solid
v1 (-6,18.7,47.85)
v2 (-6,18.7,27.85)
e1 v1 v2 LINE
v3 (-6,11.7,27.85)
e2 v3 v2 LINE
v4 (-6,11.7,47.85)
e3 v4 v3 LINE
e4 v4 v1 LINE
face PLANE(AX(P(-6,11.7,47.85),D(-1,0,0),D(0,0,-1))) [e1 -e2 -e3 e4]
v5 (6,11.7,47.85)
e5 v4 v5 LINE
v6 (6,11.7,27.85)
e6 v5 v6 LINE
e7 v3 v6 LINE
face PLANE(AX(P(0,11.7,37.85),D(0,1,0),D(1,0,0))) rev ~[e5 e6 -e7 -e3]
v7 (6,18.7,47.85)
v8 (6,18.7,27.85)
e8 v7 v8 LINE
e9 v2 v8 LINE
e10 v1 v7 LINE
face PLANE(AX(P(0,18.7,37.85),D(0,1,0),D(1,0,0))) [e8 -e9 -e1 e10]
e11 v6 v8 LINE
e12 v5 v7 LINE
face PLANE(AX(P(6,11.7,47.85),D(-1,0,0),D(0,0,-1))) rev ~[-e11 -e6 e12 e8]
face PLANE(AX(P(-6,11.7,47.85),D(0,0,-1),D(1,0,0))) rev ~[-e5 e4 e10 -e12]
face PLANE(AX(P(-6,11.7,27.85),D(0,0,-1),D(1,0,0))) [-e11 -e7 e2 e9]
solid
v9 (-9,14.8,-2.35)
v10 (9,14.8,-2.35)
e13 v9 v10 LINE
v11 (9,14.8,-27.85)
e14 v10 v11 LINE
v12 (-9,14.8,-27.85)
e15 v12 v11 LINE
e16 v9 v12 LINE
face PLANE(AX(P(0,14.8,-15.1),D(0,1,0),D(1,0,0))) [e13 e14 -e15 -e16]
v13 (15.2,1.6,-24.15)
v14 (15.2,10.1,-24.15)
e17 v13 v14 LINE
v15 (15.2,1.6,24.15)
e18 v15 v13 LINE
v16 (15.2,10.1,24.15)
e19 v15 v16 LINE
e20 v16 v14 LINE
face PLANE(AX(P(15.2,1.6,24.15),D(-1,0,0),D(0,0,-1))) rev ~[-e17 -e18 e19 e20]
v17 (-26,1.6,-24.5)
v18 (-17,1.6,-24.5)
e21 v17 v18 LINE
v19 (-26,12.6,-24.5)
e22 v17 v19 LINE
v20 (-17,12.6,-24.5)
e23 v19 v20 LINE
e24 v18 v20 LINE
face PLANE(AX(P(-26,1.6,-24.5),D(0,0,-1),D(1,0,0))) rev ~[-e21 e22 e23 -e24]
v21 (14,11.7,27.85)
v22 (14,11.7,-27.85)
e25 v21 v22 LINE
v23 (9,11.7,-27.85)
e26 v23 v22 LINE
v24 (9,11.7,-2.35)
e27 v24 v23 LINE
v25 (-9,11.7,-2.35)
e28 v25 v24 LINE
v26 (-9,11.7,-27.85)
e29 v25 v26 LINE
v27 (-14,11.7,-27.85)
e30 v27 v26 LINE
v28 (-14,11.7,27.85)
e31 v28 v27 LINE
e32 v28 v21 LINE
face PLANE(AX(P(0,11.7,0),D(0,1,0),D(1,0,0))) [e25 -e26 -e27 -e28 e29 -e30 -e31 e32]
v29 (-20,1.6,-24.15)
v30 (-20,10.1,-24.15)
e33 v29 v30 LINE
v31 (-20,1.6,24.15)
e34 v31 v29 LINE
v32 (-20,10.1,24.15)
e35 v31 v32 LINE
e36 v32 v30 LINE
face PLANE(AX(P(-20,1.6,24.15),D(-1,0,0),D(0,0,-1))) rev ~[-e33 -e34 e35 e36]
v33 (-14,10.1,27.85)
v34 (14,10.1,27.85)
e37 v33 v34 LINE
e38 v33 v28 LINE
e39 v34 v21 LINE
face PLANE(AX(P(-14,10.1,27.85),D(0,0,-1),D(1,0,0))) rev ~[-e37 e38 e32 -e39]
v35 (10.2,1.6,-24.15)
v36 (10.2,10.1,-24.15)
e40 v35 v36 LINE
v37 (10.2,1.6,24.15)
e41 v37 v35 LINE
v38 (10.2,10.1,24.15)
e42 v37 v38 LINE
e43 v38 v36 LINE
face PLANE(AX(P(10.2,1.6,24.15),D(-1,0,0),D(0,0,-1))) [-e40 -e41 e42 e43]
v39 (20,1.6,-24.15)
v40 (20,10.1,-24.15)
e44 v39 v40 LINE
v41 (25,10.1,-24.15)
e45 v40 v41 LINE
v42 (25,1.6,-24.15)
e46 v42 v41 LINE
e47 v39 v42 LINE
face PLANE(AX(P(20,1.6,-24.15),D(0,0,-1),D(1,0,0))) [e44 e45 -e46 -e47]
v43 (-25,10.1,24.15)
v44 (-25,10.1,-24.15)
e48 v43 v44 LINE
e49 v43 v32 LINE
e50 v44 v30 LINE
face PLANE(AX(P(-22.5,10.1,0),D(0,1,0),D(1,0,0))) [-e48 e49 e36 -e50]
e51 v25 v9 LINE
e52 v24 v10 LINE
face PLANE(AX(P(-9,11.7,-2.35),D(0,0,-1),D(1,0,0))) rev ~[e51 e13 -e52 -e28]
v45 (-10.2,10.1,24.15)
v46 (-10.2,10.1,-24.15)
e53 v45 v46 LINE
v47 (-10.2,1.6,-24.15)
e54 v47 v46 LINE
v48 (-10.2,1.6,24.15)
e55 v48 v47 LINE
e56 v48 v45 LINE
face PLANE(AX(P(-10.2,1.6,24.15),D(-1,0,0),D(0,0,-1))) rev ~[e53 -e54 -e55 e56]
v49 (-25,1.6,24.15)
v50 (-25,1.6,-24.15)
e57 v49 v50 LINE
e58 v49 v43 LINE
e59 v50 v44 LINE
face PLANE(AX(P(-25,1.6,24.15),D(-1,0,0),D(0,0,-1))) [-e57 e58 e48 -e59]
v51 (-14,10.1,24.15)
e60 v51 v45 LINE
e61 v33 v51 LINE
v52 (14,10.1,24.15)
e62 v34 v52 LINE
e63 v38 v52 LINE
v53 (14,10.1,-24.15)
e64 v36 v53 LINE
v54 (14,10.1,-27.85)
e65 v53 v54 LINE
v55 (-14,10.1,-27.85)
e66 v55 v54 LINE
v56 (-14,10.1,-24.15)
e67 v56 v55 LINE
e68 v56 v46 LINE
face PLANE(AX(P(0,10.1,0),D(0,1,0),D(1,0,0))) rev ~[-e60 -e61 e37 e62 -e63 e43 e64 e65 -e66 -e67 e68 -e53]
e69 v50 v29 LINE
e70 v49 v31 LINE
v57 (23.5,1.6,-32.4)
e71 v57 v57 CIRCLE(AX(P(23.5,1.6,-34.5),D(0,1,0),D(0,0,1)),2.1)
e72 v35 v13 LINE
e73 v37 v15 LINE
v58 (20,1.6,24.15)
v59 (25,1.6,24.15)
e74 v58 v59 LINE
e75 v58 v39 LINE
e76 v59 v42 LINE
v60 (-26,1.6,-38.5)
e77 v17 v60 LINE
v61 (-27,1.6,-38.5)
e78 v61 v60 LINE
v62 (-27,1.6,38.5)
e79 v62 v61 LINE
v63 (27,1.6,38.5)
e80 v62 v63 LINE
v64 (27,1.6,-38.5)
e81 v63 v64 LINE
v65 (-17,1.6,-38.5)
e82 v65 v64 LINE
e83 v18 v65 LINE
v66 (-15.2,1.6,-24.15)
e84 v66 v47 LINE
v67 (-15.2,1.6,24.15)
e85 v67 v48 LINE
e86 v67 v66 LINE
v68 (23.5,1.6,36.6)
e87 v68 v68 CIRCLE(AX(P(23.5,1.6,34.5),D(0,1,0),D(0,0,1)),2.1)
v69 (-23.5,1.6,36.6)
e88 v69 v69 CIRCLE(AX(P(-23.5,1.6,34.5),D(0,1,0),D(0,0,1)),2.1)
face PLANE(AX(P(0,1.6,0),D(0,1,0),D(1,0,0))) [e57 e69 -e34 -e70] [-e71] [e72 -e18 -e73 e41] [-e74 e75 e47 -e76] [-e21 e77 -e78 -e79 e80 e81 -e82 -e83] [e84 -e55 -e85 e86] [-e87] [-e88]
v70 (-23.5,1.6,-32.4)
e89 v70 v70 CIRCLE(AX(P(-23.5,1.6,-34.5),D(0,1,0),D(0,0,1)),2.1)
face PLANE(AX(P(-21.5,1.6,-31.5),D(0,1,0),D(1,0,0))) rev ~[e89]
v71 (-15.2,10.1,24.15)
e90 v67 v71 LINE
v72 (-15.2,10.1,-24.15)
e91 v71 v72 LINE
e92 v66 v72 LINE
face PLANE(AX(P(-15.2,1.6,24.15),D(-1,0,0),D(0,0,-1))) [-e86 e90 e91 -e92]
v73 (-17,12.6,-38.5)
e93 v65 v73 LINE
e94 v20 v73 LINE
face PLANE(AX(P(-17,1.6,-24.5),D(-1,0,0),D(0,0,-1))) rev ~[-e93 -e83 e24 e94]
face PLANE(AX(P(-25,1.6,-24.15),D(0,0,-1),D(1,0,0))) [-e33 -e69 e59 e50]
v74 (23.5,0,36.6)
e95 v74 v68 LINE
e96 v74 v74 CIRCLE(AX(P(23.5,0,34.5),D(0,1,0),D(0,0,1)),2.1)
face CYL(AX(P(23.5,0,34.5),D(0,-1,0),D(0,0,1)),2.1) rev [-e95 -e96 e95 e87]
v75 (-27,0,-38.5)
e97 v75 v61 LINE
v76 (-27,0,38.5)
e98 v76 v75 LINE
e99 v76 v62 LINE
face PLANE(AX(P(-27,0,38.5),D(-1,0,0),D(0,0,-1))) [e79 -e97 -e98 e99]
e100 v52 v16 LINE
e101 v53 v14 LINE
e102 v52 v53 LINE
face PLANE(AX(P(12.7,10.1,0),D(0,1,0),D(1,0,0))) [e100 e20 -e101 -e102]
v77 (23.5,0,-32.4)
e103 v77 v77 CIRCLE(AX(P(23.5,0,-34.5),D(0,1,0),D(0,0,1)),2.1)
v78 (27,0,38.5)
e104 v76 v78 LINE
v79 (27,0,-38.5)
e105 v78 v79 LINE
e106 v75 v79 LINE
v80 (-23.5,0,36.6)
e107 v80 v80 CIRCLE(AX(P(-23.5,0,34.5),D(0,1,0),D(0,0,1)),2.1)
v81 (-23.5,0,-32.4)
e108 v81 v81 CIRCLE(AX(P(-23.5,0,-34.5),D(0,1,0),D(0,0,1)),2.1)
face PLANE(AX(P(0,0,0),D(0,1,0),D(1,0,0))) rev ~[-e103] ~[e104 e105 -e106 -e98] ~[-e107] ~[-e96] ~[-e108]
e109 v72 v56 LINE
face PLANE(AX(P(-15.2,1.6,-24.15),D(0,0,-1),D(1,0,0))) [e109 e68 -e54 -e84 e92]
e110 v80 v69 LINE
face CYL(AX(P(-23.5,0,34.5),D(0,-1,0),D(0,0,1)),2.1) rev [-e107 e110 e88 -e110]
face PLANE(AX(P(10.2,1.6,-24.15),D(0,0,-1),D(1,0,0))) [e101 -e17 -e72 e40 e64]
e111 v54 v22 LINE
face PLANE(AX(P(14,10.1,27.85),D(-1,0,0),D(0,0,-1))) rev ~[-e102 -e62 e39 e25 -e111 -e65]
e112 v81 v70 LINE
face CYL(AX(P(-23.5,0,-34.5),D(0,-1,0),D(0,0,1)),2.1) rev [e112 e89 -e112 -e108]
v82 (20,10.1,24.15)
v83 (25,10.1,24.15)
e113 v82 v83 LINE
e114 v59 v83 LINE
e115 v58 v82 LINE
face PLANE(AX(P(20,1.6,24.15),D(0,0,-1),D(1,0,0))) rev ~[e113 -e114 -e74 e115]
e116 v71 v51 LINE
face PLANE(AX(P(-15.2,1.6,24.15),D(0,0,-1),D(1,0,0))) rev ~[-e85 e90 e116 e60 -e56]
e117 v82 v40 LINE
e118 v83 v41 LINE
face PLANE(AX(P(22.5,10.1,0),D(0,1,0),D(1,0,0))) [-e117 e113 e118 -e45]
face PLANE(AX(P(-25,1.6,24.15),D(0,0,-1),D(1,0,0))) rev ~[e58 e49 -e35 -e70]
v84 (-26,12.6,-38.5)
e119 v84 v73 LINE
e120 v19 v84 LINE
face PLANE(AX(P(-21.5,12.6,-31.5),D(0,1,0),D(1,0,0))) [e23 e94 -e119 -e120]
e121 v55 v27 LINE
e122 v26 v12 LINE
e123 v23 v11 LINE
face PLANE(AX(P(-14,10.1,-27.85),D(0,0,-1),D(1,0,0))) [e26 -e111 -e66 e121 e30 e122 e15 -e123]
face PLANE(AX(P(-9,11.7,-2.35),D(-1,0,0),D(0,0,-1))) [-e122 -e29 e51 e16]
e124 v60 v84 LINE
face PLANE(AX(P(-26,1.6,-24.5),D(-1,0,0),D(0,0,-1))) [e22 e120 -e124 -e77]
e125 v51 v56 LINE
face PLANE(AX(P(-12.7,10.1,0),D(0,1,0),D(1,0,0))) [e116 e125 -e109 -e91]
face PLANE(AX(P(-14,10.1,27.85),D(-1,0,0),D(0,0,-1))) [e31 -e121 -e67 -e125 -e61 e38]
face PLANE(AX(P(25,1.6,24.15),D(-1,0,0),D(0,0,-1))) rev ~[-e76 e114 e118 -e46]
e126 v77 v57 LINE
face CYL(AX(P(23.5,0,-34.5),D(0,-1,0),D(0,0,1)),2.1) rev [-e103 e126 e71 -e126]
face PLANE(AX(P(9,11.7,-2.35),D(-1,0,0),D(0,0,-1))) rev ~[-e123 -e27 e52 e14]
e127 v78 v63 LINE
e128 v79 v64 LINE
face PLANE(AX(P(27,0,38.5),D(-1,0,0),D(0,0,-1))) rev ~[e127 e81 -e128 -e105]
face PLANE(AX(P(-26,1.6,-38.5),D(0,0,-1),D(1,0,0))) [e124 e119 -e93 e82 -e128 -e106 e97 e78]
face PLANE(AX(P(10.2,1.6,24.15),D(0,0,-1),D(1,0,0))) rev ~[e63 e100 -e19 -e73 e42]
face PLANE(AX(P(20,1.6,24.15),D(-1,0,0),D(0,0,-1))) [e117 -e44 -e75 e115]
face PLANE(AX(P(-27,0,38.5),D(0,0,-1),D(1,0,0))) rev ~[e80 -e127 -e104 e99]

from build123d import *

# Parameters (mm, degrees)
SK_CARRIER_W              = 54
SK_CARRIER_H              = 77
EX_CARRIER_DEPTH          = 1.6
SK_MOUNTHOLES_4XM4_R      = 2.1
CUT_MOUNTHOLES_4XM4_DEPTH = 1.6
SK_FEMALEHEADERS_W        = 5
SK_FEMALEHEADERS_H        = 48.3
EX_FEMALEHEADERS_DEPTH    = 8.5
SK_GPIO_HEADERS_W         = 5
SK_GPIO_HEADERS_H         = 48.3
EX_GPIO_HEADERS_DEPTH     = 8.5
SK_DC_JACK_W              = 9
SK_DC_JACK_H              = 14
EX_DC_JACK_DEPTH          = 11
SK_DEVKIT_W               = 28
SK_DEVKIT_H               = 55.7
EX_DEVKIT_DEPTH           = 1.6
SK_WROOM_MODULE_W         = 18
SK_WROOM_MODULE_H         = 25.5
EX_WROOM_MODULE_DEPTH     = 3.1
SK_KEEPOUT_USB_C_W        = 12
SK_KEEPOUT_USB_C_H        = 20
EX_KEEPOUT_USB_C_DEPTH    = 7


with BuildPart() as part:
    # SK_Carrier → EX_Carrier (new body)
    with BuildSketch(Plane(origin=(0, 0, 0), x_dir=(1, 0, 0), z_dir=(0, 1, 0))):
        Rectangle(SK_CARRIER_W, SK_CARRIER_H)
    extrude(amount=EX_CARRIER_DEPTH)

    # SK_MountHoles_4xM4 → CUT_MountHoles_4xM4 (cut)
    with BuildSketch(Plane(origin=(0, 0, 0), x_dir=(1, 0, 0), z_dir=(0, 1, 0))):
        with Locations((23.5, -34.5)):
            Circle(SK_MOUNTHOLES_4XM4_R)
        with Locations((-23.5, -34.5)):
            Circle(SK_MOUNTHOLES_4XM4_R)
        with Locations((23.5, 34.5)):
            Circle(SK_MOUNTHOLES_4XM4_R)
        with Locations((-23.5, 34.5)):
            Circle(SK_MOUNTHOLES_4XM4_R)
    extrude(amount=CUT_MOUNTHOLES_4XM4_DEPTH, mode=Mode.SUBTRACT)

    # SK_FemaleHeaders → EX_FemaleHeaders (add)
    with BuildSketch(Plane(origin=(0, 1.6, 0), x_dir=(1, 0, 0), z_dir=(0, 1, 0))):
        with Locations((12.7, 0)):
            Rectangle(SK_FEMALEHEADERS_W, SK_FEMALEHEADERS_H)
        with Locations((-12.7, 0)):
            Rectangle(SK_FEMALEHEADERS_W, SK_FEMALEHEADERS_H)
    extrude(amount=EX_FEMALEHEADERS_DEPTH)

    # SK_GPIO_Headers → EX_GPIO_Headers (add)
    with BuildSketch(Plane(origin=(0, 1.6, 0), x_dir=(1, 0, 0), z_dir=(0, 1, 0))):
        with Locations((22.5, 0)):
            Rectangle(SK_GPIO_HEADERS_W, SK_GPIO_HEADERS_H)
        with Locations((-22.5, 0)):
            Rectangle(SK_GPIO_HEADERS_W, SK_GPIO_HEADERS_H)
    extrude(amount=EX_GPIO_HEADERS_DEPTH)

    # SK_DC_Jack → EX_DC_Jack (add)
    with BuildSketch(Plane(origin=(0, 1.6, 0), x_dir=(1, 0, 0), z_dir=(0, 1, 0))):
        with Locations((-21.5, 31.5)):
            Rectangle(SK_DC_JACK_W, SK_DC_JACK_H)
    extrude(amount=EX_DC_JACK_DEPTH)

    # SK_DevKit → EX_DevKit (add)
    with BuildSketch(Plane(origin=(0, 10.1, 0), x_dir=(1, 0, 0), z_dir=(0, 1, 0))):
        Rectangle(SK_DEVKIT_W, SK_DEVKIT_H)
    extrude(amount=EX_DEVKIT_DEPTH)

    # SK_WROOM_Module → EX_WROOM_Module (add)
    with BuildSketch(Plane(origin=(0, 11.7, 0), x_dir=(1, 0, 0), z_dir=(0, 1, 0))):
        with Locations((0, 15.1)):
            Rectangle(SK_WROOM_MODULE_W, SK_WROOM_MODULE_H)
    extrude(amount=EX_WROOM_MODULE_DEPTH)


with BuildPart() as body_2:
    # SK_KeepOut_USB_C → EX_KeepOut_USB_C (new body)
    with BuildSketch(Plane(origin=(0, 11.7, 0), x_dir=(1, 0, 0), z_dir=(0, 1, 0))):
        with Locations((0, -37.85)):
            Rectangle(SK_KEEPOUT_USB_C_W, SK_KEEPOUT_USB_C_H)
    extrude(amount=EX_KEEPOUT_USB_C_DEPTH)


solid = Compound([part.part, body_2.part])
